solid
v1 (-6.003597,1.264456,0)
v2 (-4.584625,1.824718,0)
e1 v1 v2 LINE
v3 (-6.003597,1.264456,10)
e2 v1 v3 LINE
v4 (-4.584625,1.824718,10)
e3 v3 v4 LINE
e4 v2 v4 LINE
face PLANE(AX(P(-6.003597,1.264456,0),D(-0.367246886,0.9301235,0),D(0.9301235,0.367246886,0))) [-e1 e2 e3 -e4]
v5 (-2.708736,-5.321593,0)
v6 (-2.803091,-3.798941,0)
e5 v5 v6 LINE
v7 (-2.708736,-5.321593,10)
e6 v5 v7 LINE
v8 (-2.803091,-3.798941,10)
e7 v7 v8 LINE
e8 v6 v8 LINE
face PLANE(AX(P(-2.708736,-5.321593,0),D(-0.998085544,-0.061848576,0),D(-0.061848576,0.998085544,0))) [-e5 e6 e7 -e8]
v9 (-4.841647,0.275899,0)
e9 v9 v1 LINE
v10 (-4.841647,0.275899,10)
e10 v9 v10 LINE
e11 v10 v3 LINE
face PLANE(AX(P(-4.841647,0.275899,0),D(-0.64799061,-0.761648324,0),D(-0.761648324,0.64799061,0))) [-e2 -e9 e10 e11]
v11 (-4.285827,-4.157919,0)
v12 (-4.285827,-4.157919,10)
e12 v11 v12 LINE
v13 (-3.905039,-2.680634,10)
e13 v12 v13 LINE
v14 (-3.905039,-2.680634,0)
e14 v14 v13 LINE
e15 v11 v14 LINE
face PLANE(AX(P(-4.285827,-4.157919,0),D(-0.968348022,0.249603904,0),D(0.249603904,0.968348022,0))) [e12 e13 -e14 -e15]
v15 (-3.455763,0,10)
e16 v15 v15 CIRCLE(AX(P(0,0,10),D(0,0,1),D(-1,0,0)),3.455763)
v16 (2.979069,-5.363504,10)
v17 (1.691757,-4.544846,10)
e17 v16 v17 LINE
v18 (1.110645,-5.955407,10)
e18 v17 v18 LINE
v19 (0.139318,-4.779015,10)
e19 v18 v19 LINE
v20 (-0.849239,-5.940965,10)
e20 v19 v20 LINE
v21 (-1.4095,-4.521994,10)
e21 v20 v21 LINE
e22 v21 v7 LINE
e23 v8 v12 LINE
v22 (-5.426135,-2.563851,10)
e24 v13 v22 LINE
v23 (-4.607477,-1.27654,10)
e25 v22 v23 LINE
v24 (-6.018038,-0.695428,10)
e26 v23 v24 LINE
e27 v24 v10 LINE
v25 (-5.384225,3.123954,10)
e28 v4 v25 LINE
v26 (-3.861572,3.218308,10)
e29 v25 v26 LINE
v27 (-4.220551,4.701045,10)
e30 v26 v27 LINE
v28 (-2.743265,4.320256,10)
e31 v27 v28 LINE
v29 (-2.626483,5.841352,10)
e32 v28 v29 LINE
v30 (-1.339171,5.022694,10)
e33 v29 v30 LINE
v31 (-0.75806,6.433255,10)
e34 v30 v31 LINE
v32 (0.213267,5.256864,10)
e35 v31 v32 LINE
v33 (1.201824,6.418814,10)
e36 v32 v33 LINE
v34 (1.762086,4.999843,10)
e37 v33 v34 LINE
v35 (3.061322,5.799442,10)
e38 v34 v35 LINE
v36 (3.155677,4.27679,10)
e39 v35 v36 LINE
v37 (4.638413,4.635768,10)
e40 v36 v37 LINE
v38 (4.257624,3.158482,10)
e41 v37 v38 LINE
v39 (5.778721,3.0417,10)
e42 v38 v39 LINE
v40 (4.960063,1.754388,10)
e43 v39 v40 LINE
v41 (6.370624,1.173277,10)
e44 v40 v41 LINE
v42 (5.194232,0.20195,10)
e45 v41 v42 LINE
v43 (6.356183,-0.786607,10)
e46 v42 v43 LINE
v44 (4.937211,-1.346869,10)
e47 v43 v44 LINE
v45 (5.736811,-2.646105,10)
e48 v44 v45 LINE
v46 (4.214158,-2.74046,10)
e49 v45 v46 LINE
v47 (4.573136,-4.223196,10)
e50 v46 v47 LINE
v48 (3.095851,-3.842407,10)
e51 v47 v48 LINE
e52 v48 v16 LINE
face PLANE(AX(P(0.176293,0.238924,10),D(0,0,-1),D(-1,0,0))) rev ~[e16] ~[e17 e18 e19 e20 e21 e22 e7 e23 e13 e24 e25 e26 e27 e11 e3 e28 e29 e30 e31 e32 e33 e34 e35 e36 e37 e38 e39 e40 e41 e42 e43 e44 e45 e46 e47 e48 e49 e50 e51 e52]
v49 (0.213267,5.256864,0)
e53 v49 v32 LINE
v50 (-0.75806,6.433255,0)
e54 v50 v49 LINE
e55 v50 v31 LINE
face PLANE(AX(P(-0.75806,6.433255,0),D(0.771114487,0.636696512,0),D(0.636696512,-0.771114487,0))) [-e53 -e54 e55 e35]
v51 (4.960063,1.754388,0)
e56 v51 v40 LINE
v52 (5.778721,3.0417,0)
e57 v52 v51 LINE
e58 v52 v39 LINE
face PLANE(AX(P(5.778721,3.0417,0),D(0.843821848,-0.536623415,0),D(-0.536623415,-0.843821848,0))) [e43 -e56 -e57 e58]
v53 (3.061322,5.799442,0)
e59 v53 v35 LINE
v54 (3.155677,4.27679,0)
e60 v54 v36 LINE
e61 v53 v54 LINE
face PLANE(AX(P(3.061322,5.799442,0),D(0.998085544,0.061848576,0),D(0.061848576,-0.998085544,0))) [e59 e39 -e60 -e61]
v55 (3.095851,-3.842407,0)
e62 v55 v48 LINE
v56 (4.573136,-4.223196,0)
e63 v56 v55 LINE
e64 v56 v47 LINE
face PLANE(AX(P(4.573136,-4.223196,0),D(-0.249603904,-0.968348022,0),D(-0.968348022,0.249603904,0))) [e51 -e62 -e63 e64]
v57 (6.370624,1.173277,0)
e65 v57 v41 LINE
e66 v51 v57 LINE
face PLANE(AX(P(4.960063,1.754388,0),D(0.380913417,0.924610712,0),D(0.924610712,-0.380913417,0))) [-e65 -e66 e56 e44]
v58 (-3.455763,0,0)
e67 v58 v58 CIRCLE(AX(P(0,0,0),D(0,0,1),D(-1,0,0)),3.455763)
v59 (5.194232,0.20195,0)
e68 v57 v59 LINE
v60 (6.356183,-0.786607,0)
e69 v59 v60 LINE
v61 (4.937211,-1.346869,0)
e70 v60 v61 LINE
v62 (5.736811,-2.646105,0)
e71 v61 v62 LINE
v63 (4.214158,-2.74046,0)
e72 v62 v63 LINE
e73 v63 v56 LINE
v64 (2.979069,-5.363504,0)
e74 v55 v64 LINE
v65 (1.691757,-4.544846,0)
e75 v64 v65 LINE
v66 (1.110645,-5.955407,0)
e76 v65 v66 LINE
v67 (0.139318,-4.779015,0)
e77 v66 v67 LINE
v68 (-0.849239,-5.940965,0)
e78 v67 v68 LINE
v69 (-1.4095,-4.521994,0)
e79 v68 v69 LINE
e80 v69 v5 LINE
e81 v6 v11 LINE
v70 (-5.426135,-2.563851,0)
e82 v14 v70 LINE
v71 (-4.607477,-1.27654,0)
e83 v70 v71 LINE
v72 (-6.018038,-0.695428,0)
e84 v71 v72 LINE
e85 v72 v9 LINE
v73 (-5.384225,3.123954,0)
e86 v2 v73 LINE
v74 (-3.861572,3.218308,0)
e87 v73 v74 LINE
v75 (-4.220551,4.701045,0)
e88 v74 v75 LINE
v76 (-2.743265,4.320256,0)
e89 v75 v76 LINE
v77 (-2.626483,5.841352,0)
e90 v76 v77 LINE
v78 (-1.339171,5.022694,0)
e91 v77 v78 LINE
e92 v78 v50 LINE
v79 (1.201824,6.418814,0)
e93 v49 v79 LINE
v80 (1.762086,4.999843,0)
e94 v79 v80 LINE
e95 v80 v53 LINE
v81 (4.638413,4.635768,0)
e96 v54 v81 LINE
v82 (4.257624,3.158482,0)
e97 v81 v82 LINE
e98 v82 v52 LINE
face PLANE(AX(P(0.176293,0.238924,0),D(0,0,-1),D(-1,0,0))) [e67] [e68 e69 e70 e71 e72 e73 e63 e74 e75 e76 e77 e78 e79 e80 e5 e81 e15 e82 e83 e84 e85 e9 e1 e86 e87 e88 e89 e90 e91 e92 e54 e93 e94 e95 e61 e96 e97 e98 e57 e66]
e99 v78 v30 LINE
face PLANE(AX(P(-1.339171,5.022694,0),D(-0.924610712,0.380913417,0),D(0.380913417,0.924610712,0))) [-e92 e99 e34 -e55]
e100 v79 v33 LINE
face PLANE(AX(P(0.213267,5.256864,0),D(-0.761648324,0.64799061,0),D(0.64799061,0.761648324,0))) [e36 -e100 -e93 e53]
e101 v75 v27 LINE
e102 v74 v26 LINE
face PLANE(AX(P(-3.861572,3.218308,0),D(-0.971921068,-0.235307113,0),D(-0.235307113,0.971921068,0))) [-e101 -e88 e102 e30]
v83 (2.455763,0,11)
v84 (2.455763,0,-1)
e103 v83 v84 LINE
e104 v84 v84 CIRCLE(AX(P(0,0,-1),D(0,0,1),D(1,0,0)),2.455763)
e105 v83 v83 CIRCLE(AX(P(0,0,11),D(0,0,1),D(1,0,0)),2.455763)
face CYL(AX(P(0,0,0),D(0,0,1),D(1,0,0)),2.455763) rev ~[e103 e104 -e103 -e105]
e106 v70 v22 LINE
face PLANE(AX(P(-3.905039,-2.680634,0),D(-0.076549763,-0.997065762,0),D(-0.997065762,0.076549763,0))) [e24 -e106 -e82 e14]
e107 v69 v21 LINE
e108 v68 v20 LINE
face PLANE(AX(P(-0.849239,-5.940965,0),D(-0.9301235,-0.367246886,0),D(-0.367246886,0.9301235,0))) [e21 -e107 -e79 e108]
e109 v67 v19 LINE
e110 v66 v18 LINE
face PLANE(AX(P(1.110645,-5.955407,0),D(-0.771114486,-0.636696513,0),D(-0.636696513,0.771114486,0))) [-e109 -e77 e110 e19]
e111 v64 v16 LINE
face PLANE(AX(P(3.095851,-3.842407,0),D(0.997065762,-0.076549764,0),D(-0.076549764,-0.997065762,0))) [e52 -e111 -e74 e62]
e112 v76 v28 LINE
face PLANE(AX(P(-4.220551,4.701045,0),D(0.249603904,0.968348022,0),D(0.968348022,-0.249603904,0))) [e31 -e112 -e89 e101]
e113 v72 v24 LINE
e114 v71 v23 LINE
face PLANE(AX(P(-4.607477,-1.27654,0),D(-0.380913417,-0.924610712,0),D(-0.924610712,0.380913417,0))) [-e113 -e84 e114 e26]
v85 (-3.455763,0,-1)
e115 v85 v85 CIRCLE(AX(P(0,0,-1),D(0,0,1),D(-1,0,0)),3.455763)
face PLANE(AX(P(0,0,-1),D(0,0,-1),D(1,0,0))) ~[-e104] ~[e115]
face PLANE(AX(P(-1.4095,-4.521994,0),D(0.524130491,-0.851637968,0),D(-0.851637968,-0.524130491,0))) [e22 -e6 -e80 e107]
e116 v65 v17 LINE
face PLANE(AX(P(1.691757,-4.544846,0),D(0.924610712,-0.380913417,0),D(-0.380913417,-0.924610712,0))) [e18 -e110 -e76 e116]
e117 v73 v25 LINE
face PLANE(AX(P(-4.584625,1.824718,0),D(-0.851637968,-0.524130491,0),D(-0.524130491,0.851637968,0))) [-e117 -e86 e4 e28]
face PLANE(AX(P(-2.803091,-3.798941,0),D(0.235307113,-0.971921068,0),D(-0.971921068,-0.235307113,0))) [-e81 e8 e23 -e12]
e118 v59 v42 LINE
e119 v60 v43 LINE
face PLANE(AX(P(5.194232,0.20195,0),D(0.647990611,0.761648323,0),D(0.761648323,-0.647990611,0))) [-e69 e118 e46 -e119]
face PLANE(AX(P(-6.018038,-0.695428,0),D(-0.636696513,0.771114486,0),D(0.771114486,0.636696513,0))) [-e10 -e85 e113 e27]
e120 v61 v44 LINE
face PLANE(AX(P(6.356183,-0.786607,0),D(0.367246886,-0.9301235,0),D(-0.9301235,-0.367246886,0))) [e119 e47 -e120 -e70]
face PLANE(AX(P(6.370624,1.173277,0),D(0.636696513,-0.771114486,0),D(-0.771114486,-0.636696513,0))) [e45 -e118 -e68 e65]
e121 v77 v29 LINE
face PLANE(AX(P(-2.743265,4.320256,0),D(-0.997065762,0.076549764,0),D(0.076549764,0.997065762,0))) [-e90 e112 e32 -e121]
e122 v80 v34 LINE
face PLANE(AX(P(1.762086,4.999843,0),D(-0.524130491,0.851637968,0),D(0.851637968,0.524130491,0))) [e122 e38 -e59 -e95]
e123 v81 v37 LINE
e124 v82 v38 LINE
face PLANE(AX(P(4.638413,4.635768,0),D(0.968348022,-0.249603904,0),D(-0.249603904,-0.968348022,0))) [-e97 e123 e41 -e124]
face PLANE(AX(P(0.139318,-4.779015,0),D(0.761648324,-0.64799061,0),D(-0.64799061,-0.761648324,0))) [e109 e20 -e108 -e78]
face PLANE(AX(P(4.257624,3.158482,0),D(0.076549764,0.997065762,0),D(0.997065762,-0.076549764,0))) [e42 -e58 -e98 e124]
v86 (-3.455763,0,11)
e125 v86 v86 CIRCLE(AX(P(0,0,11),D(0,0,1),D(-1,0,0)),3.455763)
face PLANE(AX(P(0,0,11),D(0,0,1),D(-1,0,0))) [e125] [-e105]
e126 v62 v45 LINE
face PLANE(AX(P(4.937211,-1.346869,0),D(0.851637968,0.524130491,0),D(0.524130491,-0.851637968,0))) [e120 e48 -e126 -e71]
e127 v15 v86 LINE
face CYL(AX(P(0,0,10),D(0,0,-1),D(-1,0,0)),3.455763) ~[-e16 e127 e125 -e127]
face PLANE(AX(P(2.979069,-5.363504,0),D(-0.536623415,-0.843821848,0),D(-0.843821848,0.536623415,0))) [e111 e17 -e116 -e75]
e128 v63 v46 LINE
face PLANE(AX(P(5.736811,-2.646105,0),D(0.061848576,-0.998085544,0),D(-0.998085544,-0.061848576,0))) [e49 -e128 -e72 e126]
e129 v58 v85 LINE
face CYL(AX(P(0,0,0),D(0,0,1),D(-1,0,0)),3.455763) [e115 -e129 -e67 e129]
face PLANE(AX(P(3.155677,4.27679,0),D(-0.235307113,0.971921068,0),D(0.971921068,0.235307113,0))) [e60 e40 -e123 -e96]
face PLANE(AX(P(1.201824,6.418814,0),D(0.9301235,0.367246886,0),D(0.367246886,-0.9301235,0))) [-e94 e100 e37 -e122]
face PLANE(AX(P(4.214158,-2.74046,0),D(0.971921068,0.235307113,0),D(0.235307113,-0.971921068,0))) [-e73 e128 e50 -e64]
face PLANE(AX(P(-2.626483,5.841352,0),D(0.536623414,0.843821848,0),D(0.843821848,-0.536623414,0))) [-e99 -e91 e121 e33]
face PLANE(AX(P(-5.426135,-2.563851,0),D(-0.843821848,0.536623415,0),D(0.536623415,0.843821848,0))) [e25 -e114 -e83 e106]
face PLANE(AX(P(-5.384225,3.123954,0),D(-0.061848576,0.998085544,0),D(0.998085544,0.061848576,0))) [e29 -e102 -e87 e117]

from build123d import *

# Parameters (mm, degrees)
SKETCH1_R           = 2.455762573
BOSS_EXTRUDE2_DEPTH = 10
SKETCH2_R           = 3.455762573
SKETCH2_R_2         = 2.455762573
BOSS_EXTRUDE3_DEPTH = 1


with BuildPart() as part:
    # Sketch1 → Boss-Extrude2 (new body)
    with BuildSketch(Plane.XY):
        Polygon((-1.339170865, 5.022694112), (-0.758059631, 6.433255275), (0.213267394, 5.256863813), (1.201824391, 6.418813952), (1.762086335, 4.999842629), (3.061322248, 5.799441968), (3.155676767, 4.276789583), (4.638413333, 4.635767768), (4.25762435, 3.158482146), (5.778720983, 3.041699891), (4.960062776, 1.75438804), (6.370623939, 1.173276806), (5.194232478, 0.20194978), (6.356182616, -0.786607217), (4.937211293, -1.346869161), (5.736810633, -2.646105074), (4.214158248, -2.740459593), (4.573136433, -4.223196159), (3.09585081, -3.842407175), (2.979068555, -5.363503808), (1.691756704, -4.544845601), (1.11064547, -5.955406764), (0.139318444, -4.779015303), (-0.849238553, -5.940965442), (-1.409500496, -4.521994119), (-2.708736409, -5.321593458), (-2.803090929, -3.798941073), (-4.285827494, -4.157919258), (-3.905038511, -2.680633635), (-5.426135144, -2.563851381), (-4.607476937, -1.27653953), (-6.0180381, -0.695428296), (-4.841646639, 0.27589873), (-6.003596778, 1.264455727), (-4.584625455, 1.824717671), (-5.384224794, 3.123953584), (-3.861572409, 3.218308103), (-4.220550594, 4.701044669), (-2.743264971, 4.320255686), (-2.626482716, 5.841352318), align=None)
        Circle(SKETCH1_R, mode=Mode.SUBTRACT)
    extrude(amount=BOSS_EXTRUDE2_DEPTH)

    # Sketch2 → Boss-Extrude3 (add)
    with BuildSketch(Plane.XY.offset(10)):
        with Locations(Location((0, 0, 0), (0, 0, 180))):
            Circle(SKETCH2_R)
        Circle(SKETCH2_R_2, mode=Mode.SUBTRACT)
    boss_extrude3 = extrude(amount=BOSS_EXTRUDE3_DEPTH)

    # Mirror1: Boss-Extrude3 across plane
    add(boss_extrude3.mirror(Plane.XY.offset(5)))


solid = part.part
